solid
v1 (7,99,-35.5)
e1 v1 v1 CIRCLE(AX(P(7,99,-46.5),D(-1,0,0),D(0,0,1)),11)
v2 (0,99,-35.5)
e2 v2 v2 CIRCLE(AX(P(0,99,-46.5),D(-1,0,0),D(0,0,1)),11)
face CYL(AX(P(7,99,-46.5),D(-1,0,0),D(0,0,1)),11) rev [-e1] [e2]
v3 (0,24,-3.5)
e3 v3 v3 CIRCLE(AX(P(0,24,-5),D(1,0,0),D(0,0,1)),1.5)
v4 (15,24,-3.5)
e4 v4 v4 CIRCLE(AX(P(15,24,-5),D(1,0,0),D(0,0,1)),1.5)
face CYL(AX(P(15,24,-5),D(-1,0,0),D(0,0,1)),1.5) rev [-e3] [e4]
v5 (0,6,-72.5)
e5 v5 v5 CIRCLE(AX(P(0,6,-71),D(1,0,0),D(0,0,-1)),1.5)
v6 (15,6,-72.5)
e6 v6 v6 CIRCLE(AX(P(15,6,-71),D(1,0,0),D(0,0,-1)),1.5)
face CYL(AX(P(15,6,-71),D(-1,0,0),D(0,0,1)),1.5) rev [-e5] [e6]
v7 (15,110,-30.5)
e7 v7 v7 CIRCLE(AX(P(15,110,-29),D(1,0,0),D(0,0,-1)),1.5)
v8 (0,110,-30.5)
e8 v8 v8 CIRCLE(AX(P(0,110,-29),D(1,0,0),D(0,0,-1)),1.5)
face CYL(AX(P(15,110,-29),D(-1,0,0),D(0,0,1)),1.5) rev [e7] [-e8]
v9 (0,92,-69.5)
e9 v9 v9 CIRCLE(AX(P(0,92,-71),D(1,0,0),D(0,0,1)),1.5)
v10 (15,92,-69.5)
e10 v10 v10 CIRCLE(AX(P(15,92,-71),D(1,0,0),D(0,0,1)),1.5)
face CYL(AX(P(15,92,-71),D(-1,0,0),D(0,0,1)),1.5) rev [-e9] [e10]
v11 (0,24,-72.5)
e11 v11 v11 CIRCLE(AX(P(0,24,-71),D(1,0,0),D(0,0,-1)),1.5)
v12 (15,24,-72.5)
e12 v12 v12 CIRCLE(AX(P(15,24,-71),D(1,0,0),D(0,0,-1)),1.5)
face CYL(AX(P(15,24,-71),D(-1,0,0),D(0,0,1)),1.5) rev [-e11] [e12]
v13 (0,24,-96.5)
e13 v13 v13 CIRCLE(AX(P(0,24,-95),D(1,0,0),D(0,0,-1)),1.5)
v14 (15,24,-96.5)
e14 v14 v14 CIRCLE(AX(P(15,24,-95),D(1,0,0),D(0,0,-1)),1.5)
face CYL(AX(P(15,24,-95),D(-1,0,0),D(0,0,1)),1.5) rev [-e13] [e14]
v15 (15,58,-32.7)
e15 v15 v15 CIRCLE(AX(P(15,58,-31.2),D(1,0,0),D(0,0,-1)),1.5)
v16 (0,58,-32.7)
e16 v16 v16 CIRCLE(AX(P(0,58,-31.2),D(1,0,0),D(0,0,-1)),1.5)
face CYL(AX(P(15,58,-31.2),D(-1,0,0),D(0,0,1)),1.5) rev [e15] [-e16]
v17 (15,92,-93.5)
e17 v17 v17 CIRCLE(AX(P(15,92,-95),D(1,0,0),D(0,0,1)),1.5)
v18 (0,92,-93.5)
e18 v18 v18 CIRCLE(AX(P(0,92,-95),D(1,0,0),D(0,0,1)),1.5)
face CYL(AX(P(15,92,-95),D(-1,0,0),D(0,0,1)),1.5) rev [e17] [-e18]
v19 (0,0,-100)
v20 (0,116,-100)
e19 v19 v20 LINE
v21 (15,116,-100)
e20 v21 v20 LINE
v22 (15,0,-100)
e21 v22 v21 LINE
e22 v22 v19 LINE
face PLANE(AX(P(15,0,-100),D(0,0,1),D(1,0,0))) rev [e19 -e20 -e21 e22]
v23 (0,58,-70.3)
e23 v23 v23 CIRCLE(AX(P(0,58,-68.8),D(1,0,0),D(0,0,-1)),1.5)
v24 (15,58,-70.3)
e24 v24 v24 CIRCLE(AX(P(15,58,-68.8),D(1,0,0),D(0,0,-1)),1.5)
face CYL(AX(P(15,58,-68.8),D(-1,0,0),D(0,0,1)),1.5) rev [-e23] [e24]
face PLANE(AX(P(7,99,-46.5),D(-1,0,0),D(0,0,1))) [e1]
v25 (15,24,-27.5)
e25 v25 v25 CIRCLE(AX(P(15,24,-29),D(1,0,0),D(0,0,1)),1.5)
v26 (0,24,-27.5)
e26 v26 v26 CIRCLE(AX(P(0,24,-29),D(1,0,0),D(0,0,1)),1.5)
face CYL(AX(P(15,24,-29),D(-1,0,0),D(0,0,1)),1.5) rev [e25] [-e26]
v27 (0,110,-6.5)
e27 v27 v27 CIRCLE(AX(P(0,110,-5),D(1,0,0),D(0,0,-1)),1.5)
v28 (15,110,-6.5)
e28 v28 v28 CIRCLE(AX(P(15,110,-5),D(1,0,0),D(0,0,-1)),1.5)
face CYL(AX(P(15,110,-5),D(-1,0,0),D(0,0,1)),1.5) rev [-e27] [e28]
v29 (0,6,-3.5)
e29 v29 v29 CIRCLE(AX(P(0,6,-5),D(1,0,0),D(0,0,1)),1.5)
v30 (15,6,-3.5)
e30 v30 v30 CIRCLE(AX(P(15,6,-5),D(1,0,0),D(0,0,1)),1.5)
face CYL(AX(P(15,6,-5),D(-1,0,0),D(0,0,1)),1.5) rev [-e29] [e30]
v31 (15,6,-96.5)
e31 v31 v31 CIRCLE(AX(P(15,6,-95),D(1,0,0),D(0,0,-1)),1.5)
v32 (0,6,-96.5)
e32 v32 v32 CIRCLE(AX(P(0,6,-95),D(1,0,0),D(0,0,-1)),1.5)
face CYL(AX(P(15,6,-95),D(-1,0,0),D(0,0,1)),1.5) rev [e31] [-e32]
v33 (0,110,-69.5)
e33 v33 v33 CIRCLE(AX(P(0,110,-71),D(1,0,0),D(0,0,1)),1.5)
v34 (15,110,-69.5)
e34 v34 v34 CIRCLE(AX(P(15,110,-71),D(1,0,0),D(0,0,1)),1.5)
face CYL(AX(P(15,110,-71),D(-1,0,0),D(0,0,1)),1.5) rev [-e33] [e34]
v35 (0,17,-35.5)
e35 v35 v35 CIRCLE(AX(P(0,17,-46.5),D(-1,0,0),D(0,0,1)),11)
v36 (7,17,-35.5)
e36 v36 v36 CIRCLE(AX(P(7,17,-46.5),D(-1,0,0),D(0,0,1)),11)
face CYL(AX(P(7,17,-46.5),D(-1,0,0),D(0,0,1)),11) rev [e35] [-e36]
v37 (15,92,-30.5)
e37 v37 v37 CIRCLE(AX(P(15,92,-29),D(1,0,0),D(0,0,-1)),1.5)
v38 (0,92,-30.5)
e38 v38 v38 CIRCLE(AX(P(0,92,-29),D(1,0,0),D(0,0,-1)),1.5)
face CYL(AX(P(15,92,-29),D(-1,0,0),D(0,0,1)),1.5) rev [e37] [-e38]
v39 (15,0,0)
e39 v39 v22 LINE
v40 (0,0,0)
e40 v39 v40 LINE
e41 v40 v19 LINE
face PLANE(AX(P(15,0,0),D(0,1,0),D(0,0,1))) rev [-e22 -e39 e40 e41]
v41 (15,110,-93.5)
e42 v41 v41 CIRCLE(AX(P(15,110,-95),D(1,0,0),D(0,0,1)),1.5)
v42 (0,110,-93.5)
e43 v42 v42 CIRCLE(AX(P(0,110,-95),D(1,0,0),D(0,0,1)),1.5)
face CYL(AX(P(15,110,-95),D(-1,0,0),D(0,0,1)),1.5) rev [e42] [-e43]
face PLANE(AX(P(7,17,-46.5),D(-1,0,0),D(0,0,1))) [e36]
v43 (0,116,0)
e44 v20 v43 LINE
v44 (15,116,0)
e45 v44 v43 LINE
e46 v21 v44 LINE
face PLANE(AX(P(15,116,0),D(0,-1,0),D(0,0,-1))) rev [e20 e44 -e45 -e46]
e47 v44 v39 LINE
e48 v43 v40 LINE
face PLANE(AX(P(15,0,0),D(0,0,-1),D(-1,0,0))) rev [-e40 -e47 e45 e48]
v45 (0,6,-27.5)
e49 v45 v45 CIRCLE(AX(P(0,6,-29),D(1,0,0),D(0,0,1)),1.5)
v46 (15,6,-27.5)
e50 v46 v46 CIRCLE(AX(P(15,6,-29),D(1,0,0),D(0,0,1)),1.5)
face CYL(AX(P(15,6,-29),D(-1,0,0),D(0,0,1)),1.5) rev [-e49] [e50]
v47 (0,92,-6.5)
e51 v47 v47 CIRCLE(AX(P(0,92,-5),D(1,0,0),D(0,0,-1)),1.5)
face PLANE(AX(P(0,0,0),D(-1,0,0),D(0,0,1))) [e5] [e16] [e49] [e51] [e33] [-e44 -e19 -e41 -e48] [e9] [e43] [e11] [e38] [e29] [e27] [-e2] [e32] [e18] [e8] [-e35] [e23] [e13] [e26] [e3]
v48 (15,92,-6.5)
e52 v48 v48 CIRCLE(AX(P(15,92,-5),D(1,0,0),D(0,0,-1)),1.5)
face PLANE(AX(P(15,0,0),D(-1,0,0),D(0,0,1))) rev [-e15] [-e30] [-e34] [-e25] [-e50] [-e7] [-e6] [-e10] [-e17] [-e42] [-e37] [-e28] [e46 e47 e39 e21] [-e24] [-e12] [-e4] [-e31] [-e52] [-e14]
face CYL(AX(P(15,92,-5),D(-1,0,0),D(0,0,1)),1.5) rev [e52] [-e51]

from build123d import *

# Parameters (mm, degrees)
CROQUIS1_W              = 100
CROQUIS1_H              = 116
CROQUIS1_R              = 1.5
SALIENTE_EXTRUIR1_DEPTH = 15
CROQUIS3_R              = 11
CORTAR_EXTRUIR2_DEPTH   = 7


with BuildPart() as part:
    # Croquis1 → Saliente-Extruir1 (new body)
    with BuildSketch(Plane(origin=(0, 0, 0), x_dir=(0, 0, -1), z_dir=(1, 0, 0))):
        with Locations((50, 58)):
            Rectangle(CROQUIS1_W, CROQUIS1_H)
        with Locations((5, 110)):
            Circle(CROQUIS1_R, mode=Mode.SUBTRACT)
        with Locations((29, 110)):
            Circle(CROQUIS1_R, mode=Mode.SUBTRACT)
        with Locations((5, 92)):
            Circle(CROQUIS1_R, mode=Mode.SUBTRACT)
        with Locations((29, 92)):
            Circle(CROQUIS1_R, mode=Mode.SUBTRACT)
        with Locations(Location((5, 24, 0), (0, 0, 180))):
            Circle(CROQUIS1_R, mode=Mode.SUBTRACT)
        with Locations(Location((29, 24, 0), (0, 0, 180))):
            Circle(CROQUIS1_R, mode=Mode.SUBTRACT)
        with Locations(Location((29, 6, 0), (0, 0, 180))):
            Circle(CROQUIS1_R, mode=Mode.SUBTRACT)
        with Locations(Location((5, 6, 0), (0, 0, 180))):
            Circle(CROQUIS1_R, mode=Mode.SUBTRACT)
        with Locations((31.2, 58)):
            Circle(CROQUIS1_R, mode=Mode.SUBTRACT)
        with Locations((68.8, 58)):
            Circle(CROQUIS1_R, mode=Mode.SUBTRACT)
        with Locations((71, 6)):
            Circle(CROQUIS1_R, mode=Mode.SUBTRACT)
        with Locations((95, 6)):
            Circle(CROQUIS1_R, mode=Mode.SUBTRACT)
        with Locations((95, 24)):
            Circle(CROQUIS1_R, mode=Mode.SUBTRACT)
        with Locations((71, 24)):
            Circle(CROQUIS1_R, mode=Mode.SUBTRACT)
        with Locations(Location((95, 92, 0), (0, 0, 180))):
            Circle(CROQUIS1_R, mode=Mode.SUBTRACT)
        with Locations(Location((71, 92, 0), (0, 0, 180))):
            Circle(CROQUIS1_R, mode=Mode.SUBTRACT)
        with Locations(Location((71, 110, 0), (0, 0, 180))):
            Circle(CROQUIS1_R, mode=Mode.SUBTRACT)
        with Locations(Location((95, 110, 0), (0, 0, 180))):
            Circle(CROQUIS1_R, mode=Mode.SUBTRACT)
    extrude(amount=SALIENTE_EXTRUIR1_DEPTH)

    # Croquis3 → Cortar-Extruir2 (cut)
    with BuildSketch(Plane.ZY):
        with Locations((-46.5, 99)):
            Circle(CROQUIS3_R)
        with Locations((-46.5, 17)):
            Circle(CROQUIS3_R)
    extrude(amount=-CORTAR_EXTRUIR2_DEPTH, mode=Mode.SUBTRACT)


solid = part.part
